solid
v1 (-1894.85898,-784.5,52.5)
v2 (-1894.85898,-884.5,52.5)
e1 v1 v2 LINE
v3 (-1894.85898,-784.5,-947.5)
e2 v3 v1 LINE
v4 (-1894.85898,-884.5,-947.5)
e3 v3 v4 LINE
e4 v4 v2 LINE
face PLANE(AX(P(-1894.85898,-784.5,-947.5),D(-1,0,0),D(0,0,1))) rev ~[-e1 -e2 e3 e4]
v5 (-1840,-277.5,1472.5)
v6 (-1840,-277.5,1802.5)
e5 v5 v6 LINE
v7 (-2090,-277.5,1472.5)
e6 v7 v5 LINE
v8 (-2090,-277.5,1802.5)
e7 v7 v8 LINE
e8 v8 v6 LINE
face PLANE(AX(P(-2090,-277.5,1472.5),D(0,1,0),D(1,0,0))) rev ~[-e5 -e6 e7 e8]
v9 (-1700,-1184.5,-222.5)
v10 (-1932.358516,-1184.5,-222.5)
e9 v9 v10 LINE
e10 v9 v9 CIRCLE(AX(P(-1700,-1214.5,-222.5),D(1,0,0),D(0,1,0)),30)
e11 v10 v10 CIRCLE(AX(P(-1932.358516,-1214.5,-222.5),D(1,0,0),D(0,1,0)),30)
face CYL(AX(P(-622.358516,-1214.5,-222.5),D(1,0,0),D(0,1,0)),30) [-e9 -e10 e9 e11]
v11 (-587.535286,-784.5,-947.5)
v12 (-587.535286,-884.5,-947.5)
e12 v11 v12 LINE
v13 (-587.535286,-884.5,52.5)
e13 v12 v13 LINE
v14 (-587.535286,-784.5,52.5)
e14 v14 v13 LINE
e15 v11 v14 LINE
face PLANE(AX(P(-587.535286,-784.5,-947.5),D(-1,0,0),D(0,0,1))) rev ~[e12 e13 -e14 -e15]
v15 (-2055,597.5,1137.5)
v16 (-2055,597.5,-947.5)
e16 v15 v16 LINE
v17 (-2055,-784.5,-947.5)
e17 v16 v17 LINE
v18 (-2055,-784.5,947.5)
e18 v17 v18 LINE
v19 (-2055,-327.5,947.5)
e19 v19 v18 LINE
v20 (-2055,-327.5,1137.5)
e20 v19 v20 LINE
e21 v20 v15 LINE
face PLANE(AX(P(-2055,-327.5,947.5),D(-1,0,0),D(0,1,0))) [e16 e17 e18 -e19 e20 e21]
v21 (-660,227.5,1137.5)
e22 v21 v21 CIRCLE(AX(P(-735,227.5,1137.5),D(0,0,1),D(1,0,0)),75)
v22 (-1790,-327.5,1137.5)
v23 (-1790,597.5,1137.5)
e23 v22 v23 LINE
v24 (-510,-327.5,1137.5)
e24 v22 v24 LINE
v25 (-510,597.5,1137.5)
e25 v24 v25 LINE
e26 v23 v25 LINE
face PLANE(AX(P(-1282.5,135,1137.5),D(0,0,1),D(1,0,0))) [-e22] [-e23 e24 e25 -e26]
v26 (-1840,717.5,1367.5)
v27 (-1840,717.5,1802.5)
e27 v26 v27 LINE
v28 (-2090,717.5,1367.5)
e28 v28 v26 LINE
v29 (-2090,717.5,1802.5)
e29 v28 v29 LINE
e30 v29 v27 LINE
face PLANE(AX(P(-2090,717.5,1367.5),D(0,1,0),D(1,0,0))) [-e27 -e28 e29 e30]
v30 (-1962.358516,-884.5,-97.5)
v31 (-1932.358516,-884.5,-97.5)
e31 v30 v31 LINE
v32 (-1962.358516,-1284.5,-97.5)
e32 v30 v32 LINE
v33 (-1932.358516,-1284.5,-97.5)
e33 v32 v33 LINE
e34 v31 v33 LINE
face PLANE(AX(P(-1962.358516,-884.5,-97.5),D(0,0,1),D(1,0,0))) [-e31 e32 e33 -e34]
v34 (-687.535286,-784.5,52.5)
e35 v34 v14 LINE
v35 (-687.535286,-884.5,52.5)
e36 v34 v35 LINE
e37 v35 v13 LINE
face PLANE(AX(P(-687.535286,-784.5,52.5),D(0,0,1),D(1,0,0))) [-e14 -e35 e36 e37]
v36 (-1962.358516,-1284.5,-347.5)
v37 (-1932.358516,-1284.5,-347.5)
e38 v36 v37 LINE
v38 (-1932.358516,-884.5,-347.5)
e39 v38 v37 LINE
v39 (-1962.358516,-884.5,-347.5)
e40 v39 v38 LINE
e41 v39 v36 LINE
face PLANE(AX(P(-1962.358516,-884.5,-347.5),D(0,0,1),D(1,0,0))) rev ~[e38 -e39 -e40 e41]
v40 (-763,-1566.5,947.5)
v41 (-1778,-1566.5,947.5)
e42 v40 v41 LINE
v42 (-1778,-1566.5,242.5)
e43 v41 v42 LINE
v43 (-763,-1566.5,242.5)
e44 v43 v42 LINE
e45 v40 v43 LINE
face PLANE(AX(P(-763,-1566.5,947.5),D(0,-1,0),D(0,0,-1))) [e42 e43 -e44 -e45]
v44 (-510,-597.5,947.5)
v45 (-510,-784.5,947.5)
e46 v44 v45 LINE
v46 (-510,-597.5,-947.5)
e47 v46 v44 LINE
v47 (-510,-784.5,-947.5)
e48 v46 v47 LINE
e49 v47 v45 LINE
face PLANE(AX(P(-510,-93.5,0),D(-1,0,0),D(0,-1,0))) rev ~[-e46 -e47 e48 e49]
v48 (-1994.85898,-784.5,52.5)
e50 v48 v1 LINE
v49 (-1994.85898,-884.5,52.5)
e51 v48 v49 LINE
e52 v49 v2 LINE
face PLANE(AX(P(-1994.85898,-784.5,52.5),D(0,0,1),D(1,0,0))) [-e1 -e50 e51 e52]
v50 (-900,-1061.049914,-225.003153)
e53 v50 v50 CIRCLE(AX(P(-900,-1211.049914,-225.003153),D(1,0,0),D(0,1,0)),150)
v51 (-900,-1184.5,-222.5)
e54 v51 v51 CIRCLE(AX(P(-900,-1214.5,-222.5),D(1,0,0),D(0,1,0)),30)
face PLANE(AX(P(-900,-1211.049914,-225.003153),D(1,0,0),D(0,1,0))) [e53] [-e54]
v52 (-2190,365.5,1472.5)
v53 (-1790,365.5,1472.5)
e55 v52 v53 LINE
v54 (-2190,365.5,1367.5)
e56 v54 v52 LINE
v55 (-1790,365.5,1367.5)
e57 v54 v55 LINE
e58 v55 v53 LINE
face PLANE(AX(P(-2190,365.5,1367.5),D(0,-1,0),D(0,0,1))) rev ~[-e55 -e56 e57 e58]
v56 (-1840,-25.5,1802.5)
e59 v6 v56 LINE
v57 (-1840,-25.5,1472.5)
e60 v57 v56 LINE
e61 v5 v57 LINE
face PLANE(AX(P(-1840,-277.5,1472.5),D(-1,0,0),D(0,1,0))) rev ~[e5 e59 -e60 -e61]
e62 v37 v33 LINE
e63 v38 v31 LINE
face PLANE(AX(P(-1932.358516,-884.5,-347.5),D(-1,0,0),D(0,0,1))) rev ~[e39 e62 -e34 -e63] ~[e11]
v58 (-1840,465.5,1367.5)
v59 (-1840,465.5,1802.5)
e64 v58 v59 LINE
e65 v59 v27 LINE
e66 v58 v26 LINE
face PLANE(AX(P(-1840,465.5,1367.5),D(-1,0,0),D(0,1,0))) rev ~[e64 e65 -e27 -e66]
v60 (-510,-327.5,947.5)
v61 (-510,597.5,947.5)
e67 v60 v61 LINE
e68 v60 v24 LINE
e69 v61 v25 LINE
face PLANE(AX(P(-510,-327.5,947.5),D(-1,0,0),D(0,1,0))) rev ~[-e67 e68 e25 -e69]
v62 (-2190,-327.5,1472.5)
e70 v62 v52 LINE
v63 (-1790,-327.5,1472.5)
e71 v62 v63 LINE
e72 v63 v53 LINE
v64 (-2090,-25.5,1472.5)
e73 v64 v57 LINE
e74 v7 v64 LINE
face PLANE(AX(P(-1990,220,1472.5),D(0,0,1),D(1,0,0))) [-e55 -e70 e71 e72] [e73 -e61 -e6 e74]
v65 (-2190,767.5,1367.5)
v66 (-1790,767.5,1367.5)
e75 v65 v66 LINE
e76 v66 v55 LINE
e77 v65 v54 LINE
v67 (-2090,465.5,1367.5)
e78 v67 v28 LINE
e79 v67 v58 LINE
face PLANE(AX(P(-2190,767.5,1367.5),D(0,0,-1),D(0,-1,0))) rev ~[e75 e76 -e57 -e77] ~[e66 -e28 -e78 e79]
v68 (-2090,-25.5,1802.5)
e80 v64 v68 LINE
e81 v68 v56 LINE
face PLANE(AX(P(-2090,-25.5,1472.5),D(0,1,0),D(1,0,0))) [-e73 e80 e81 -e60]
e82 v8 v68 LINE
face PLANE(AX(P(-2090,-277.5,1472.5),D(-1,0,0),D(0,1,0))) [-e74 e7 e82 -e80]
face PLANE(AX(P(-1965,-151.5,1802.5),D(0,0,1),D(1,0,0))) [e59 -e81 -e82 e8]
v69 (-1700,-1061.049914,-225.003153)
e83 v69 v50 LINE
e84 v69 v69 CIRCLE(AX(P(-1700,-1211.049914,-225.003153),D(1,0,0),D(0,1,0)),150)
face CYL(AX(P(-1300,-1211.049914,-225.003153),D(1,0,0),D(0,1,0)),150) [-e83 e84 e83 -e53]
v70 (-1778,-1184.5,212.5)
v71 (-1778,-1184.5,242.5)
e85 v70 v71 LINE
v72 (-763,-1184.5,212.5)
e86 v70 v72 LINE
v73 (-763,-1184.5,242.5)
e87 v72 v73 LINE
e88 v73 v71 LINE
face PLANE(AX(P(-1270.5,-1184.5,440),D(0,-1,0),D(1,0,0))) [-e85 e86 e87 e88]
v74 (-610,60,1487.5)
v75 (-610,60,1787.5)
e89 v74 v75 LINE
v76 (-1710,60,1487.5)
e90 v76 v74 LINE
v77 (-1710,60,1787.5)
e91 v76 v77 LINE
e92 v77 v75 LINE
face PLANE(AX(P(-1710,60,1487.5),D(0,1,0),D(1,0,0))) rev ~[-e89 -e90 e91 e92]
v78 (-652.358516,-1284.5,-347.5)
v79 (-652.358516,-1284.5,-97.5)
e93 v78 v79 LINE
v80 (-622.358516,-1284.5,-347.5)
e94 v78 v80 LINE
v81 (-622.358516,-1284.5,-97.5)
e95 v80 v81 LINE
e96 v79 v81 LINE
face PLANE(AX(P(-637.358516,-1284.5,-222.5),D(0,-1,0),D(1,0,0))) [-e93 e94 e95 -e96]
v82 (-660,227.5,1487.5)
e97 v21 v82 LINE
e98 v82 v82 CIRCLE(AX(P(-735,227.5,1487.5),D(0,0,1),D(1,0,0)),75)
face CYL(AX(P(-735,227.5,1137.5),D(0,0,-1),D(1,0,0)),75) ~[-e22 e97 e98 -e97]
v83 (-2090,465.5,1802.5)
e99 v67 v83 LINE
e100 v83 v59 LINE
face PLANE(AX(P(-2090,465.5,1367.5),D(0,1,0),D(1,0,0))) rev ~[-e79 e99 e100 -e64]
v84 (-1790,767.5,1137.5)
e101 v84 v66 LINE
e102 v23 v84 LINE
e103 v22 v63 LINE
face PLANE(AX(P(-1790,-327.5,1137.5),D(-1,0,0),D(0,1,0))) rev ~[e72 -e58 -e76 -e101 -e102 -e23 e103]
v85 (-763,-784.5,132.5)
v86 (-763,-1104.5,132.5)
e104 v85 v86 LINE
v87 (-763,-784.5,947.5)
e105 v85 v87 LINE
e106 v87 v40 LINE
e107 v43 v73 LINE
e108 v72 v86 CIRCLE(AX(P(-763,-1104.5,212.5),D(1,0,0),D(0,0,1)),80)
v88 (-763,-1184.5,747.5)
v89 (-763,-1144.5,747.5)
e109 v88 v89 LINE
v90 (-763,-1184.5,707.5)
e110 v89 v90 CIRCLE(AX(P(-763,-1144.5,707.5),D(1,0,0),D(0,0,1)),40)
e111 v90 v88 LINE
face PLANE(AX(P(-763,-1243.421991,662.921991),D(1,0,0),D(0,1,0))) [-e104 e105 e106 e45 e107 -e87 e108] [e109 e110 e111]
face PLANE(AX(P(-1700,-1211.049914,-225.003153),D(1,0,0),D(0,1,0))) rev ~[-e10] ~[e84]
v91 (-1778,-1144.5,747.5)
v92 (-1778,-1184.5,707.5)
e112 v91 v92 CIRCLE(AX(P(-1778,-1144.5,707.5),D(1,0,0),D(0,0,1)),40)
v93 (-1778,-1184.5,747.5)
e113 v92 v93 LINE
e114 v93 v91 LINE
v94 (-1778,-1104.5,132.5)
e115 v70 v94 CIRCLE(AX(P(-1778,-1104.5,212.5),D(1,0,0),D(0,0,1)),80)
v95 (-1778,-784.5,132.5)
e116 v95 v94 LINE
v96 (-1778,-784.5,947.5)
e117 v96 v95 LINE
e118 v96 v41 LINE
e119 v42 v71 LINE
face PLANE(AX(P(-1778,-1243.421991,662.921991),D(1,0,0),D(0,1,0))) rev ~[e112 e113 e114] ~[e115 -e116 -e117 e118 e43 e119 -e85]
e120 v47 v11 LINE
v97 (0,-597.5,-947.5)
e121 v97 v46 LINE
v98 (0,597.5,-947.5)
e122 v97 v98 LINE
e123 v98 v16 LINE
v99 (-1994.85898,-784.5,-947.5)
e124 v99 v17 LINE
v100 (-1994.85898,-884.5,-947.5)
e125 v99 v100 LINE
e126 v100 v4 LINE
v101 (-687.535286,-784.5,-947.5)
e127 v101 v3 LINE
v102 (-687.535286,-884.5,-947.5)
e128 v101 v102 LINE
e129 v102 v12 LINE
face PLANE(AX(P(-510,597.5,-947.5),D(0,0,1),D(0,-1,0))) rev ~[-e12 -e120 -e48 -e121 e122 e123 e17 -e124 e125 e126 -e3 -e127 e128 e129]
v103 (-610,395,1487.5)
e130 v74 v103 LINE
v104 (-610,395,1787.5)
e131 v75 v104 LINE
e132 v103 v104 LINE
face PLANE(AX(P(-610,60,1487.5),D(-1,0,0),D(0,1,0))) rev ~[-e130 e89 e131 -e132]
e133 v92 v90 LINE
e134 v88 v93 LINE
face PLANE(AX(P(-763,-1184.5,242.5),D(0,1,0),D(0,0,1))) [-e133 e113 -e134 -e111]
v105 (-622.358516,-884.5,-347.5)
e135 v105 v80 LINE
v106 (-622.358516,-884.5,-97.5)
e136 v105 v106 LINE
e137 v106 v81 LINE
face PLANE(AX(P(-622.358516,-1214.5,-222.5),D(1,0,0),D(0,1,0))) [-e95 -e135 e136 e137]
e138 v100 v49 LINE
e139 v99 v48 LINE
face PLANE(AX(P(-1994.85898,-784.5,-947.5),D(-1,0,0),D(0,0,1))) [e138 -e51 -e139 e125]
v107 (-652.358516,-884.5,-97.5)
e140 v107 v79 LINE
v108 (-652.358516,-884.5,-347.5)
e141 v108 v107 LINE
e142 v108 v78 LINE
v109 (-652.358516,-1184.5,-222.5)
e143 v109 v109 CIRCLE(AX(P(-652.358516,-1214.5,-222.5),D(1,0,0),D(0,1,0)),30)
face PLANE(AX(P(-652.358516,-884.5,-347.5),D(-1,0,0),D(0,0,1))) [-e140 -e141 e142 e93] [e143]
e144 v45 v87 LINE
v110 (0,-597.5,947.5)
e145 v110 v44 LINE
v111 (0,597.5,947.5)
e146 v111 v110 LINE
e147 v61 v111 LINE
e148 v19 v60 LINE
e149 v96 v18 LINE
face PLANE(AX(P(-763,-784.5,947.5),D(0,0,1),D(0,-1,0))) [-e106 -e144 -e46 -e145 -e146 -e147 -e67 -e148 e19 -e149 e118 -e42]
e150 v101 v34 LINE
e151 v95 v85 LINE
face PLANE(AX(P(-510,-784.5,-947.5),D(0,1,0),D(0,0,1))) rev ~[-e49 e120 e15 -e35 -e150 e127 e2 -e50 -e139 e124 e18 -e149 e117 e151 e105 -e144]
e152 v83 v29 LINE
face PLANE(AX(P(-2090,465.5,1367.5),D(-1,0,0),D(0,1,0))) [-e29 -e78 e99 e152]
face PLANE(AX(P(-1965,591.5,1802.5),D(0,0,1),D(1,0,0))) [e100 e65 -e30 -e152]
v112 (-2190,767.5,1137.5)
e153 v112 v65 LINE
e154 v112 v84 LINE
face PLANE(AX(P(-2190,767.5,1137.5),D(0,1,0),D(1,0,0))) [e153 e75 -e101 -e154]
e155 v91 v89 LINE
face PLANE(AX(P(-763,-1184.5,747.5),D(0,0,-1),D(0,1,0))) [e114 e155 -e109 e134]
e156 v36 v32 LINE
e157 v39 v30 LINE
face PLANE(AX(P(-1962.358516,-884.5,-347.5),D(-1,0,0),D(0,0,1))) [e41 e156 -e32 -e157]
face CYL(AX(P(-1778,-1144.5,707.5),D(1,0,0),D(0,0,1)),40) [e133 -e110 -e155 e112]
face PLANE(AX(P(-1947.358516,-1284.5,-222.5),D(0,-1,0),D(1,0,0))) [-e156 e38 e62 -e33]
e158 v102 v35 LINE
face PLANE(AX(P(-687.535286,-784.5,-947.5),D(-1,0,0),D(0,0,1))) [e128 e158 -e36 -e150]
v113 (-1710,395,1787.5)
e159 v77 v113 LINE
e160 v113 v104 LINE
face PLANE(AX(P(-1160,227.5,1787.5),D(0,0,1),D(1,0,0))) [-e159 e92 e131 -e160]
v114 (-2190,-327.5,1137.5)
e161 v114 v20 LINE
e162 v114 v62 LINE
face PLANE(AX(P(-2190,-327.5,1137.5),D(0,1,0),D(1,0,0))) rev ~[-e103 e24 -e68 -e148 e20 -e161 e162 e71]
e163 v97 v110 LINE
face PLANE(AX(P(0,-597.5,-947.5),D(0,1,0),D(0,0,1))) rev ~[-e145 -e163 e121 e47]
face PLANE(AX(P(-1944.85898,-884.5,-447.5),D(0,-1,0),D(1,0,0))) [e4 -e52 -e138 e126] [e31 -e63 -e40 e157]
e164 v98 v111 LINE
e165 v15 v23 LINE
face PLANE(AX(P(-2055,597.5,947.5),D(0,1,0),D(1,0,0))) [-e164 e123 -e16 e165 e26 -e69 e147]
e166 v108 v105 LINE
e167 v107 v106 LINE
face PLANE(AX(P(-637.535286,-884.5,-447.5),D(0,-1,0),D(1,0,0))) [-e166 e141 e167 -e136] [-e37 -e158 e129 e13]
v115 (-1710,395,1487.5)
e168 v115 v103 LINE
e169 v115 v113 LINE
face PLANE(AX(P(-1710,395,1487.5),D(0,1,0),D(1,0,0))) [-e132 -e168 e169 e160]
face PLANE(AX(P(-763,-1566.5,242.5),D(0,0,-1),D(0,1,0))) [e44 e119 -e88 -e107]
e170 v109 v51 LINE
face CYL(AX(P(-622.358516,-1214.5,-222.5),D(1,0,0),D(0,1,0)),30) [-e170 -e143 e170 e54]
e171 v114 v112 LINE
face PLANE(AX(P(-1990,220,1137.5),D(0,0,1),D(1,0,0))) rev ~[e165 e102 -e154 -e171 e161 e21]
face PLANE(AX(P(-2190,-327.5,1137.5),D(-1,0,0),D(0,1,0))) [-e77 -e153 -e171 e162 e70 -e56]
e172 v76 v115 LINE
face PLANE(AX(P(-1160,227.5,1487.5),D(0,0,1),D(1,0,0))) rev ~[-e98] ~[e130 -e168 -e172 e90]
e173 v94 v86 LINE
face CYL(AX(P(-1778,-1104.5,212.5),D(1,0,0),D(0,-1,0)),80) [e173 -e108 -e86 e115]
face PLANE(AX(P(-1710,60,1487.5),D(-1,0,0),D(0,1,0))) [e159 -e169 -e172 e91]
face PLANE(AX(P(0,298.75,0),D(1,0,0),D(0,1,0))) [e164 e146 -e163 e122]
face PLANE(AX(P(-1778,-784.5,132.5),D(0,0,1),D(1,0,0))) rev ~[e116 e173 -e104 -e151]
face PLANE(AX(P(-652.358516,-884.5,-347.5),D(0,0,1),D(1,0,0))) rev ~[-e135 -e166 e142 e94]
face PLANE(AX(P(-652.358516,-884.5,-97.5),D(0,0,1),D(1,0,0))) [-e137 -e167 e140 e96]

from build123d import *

# Parameters (mm, degrees)
F0_W      = 597.5
F0_H      = 1895
F1_DEPTH  = 510
F2_W      = 1382
F2_H      = 1895
F3_DEPTH  = 1545
F4_W      = 1015
F4_H      = 615
F5_DEPTH  = 400
F6_R      = 40
F7_R      = 80
F9_DEPTH  = 1015
F10_W     = 1545
F10_H     = 925
F11_DEPTH = 190
F12_R     = 75
F13_DEPTH = 350
F14_W     = 1100
F14_H     = 335
F15_DEPTH = 300
F16_W     = 400
F16_H     = 1095
F17_DEPTH = 335
F18_W     = 402
F18_H     = 105
F19_DEPTH = 400
F20_W     = 250
F20_H     = 252
F21_DEPTH = 435
F22_W     = 250
F22_H     = 252
F23_DEPTH = 330
F24_W     = 100
F24_H     = 1000
F25_DEPTH = 100
F26_W     = 100
F26_H     = 1000
F27_DEPTH = 100
F28_W     = 30
F28_H     = 250
F29_DEPTH = 400
F30_R     = 30
F31_DEPTH = 1310
F33_R     = 150
F34_DEPTH = 400


with BuildPart() as f1:
    # F0 (on Right) → F1 (new body)
    with BuildSketch(Plane.YZ):
        with Locations((298.75, 0)):
            Rectangle(F0_W, F0_H)
        with Locations((-298.75, 0)):
            Rectangle(F0_W, F0_H)
    extrude(amount=-F1_DEPTH)

    # F2 (on face) → F3 (join)
    with BuildSketch(Plane(origin=(-510, 0, 0), x_dir=(0, -1, 0), z_dir=(-1, 0, 0))):
        with Locations((93.5, 0)):
            Rectangle(F2_W, F2_H)
    extrude(amount=F3_DEPTH)

    # F4 (on face) → F5 (join)
    with BuildSketch(Plane.XZ.offset(784.5)):
        with Locations((-1270.5, 440)):
            Rectangle(F4_W, F4_H)
    extrude(amount=F5_DEPTH)

    # F6
    f6_edges = [f1.edges().sort_by_distance(p)[0] for p in [
        (-1270.5, -1184.5, 747.5),
    ]]
    fillet(f6_edges, radius=F6_R)

    # F7
    f7_edges = [f1.edges().sort_by_distance(p)[0] for p in [
        (-1270.5, -1184.5, 132.5),
    ]]
    fillet(f7_edges, radius=F7_R)

    # F8 (on face) → F9 (join)
    with BuildSketch(Plane.YZ.offset(-763)):
        Polygon((-1184.5, 747.5), (-784.5, 747.5), (-784.5, 947.5), (-1566.5, 947.5), (-1566.5, 242.5), (-1184.5, 242.5), align=None)
    extrude(amount=-F9_DEPTH)

    # F10 (on face) → F11 (join)
    with BuildSketch(Plane.XY.offset(947.5)):
        with Locations((-1282.5, 135)):
            Rectangle(F10_W, F10_H)
    extrude(amount=F11_DEPTH)

    # F12 (on face) → F13 (join)
    with BuildSketch(Plane.XY.offset(1137.5)):
        with Locations((-735, 227.5)):
            Circle(F12_R)
    extrude(amount=F13_DEPTH)

    # F14 (on face) → F15 (join)
    with BuildSketch(Plane.XY.offset(1487.5)):
        with Locations((-1160, 227.5)):
            Rectangle(F14_W, F14_H)
    extrude(amount=F15_DEPTH)

    # F16 (on face) → F17 (join)
    with BuildSketch(Plane.XY.offset(1137.5)):
        with Locations((-1990, 220)):
            Rectangle(F16_W, F16_H)
    extrude(amount=F17_DEPTH)

    # F18 (on face) → F19 (cut, through all)
    with BuildSketch(Plane(origin=(-2190, 0, 0), x_dir=(0, -1, 0), z_dir=(-1, 0, 0))):
        with Locations((-566.5, 1420)):
            Rectangle(F18_W, F18_H)
    extrude(amount=-F19_DEPTH, mode=Mode.SUBTRACT)

    # F20 (on face) → F21 (join)
    with BuildSketch(Plane.XY.offset(1367.5)):
        with Locations((-1965, 591.5)):
            Rectangle(F20_W, F20_H)
    extrude(amount=F21_DEPTH)

    # F22 (on face) → F23 (join)
    with BuildSketch(Plane.XY.offset(1472.5)):
        with Locations((-1965, -151.5)):
            Rectangle(F22_W, F22_H)
    extrude(amount=F23_DEPTH)

    # F24 (on face) → F25 (join)
    with BuildSketch(Plane.XZ.offset(784.5)):
        with Locations((-637.535286, -447.5)):
            Rectangle(F24_W, F24_H)
    extrude(amount=F25_DEPTH)

    # F26 (on face) → F27 (join)
    with BuildSketch(Plane.XZ.offset(784.5)):
        with Locations((-1944.85898, -447.5)):
            Rectangle(F26_W, F26_H)
    extrude(amount=F27_DEPTH)

    # F28 (on face) → F29 (join)
    with BuildSketch(Plane.XZ.offset(884.5)):
        with Locations((-637.358516, -222.5)):
            Rectangle(F28_W, F28_H)
        with Locations((-1947.358516, -222.5)):
            Rectangle(F28_W, F28_H)
    extrude(amount=F29_DEPTH)

    # F30 (on face) → F31 (join, through all)
    with BuildSketch(Plane.YZ.offset(-622.358516)):
        with Locations((-1214.5, -222.5)):
            Circle(F30_R)
    extrude(amount=-F31_DEPTH)

    # F33 (on offset) → F34 (join, symmetric)
    with BuildSketch(Plane.YZ.offset(-1300)):
        with Locations((-1211.049914, -225.003153)):
            Circle(F33_R)
    extrude(amount=F34_DEPTH, both=True)


solid = f1.part
